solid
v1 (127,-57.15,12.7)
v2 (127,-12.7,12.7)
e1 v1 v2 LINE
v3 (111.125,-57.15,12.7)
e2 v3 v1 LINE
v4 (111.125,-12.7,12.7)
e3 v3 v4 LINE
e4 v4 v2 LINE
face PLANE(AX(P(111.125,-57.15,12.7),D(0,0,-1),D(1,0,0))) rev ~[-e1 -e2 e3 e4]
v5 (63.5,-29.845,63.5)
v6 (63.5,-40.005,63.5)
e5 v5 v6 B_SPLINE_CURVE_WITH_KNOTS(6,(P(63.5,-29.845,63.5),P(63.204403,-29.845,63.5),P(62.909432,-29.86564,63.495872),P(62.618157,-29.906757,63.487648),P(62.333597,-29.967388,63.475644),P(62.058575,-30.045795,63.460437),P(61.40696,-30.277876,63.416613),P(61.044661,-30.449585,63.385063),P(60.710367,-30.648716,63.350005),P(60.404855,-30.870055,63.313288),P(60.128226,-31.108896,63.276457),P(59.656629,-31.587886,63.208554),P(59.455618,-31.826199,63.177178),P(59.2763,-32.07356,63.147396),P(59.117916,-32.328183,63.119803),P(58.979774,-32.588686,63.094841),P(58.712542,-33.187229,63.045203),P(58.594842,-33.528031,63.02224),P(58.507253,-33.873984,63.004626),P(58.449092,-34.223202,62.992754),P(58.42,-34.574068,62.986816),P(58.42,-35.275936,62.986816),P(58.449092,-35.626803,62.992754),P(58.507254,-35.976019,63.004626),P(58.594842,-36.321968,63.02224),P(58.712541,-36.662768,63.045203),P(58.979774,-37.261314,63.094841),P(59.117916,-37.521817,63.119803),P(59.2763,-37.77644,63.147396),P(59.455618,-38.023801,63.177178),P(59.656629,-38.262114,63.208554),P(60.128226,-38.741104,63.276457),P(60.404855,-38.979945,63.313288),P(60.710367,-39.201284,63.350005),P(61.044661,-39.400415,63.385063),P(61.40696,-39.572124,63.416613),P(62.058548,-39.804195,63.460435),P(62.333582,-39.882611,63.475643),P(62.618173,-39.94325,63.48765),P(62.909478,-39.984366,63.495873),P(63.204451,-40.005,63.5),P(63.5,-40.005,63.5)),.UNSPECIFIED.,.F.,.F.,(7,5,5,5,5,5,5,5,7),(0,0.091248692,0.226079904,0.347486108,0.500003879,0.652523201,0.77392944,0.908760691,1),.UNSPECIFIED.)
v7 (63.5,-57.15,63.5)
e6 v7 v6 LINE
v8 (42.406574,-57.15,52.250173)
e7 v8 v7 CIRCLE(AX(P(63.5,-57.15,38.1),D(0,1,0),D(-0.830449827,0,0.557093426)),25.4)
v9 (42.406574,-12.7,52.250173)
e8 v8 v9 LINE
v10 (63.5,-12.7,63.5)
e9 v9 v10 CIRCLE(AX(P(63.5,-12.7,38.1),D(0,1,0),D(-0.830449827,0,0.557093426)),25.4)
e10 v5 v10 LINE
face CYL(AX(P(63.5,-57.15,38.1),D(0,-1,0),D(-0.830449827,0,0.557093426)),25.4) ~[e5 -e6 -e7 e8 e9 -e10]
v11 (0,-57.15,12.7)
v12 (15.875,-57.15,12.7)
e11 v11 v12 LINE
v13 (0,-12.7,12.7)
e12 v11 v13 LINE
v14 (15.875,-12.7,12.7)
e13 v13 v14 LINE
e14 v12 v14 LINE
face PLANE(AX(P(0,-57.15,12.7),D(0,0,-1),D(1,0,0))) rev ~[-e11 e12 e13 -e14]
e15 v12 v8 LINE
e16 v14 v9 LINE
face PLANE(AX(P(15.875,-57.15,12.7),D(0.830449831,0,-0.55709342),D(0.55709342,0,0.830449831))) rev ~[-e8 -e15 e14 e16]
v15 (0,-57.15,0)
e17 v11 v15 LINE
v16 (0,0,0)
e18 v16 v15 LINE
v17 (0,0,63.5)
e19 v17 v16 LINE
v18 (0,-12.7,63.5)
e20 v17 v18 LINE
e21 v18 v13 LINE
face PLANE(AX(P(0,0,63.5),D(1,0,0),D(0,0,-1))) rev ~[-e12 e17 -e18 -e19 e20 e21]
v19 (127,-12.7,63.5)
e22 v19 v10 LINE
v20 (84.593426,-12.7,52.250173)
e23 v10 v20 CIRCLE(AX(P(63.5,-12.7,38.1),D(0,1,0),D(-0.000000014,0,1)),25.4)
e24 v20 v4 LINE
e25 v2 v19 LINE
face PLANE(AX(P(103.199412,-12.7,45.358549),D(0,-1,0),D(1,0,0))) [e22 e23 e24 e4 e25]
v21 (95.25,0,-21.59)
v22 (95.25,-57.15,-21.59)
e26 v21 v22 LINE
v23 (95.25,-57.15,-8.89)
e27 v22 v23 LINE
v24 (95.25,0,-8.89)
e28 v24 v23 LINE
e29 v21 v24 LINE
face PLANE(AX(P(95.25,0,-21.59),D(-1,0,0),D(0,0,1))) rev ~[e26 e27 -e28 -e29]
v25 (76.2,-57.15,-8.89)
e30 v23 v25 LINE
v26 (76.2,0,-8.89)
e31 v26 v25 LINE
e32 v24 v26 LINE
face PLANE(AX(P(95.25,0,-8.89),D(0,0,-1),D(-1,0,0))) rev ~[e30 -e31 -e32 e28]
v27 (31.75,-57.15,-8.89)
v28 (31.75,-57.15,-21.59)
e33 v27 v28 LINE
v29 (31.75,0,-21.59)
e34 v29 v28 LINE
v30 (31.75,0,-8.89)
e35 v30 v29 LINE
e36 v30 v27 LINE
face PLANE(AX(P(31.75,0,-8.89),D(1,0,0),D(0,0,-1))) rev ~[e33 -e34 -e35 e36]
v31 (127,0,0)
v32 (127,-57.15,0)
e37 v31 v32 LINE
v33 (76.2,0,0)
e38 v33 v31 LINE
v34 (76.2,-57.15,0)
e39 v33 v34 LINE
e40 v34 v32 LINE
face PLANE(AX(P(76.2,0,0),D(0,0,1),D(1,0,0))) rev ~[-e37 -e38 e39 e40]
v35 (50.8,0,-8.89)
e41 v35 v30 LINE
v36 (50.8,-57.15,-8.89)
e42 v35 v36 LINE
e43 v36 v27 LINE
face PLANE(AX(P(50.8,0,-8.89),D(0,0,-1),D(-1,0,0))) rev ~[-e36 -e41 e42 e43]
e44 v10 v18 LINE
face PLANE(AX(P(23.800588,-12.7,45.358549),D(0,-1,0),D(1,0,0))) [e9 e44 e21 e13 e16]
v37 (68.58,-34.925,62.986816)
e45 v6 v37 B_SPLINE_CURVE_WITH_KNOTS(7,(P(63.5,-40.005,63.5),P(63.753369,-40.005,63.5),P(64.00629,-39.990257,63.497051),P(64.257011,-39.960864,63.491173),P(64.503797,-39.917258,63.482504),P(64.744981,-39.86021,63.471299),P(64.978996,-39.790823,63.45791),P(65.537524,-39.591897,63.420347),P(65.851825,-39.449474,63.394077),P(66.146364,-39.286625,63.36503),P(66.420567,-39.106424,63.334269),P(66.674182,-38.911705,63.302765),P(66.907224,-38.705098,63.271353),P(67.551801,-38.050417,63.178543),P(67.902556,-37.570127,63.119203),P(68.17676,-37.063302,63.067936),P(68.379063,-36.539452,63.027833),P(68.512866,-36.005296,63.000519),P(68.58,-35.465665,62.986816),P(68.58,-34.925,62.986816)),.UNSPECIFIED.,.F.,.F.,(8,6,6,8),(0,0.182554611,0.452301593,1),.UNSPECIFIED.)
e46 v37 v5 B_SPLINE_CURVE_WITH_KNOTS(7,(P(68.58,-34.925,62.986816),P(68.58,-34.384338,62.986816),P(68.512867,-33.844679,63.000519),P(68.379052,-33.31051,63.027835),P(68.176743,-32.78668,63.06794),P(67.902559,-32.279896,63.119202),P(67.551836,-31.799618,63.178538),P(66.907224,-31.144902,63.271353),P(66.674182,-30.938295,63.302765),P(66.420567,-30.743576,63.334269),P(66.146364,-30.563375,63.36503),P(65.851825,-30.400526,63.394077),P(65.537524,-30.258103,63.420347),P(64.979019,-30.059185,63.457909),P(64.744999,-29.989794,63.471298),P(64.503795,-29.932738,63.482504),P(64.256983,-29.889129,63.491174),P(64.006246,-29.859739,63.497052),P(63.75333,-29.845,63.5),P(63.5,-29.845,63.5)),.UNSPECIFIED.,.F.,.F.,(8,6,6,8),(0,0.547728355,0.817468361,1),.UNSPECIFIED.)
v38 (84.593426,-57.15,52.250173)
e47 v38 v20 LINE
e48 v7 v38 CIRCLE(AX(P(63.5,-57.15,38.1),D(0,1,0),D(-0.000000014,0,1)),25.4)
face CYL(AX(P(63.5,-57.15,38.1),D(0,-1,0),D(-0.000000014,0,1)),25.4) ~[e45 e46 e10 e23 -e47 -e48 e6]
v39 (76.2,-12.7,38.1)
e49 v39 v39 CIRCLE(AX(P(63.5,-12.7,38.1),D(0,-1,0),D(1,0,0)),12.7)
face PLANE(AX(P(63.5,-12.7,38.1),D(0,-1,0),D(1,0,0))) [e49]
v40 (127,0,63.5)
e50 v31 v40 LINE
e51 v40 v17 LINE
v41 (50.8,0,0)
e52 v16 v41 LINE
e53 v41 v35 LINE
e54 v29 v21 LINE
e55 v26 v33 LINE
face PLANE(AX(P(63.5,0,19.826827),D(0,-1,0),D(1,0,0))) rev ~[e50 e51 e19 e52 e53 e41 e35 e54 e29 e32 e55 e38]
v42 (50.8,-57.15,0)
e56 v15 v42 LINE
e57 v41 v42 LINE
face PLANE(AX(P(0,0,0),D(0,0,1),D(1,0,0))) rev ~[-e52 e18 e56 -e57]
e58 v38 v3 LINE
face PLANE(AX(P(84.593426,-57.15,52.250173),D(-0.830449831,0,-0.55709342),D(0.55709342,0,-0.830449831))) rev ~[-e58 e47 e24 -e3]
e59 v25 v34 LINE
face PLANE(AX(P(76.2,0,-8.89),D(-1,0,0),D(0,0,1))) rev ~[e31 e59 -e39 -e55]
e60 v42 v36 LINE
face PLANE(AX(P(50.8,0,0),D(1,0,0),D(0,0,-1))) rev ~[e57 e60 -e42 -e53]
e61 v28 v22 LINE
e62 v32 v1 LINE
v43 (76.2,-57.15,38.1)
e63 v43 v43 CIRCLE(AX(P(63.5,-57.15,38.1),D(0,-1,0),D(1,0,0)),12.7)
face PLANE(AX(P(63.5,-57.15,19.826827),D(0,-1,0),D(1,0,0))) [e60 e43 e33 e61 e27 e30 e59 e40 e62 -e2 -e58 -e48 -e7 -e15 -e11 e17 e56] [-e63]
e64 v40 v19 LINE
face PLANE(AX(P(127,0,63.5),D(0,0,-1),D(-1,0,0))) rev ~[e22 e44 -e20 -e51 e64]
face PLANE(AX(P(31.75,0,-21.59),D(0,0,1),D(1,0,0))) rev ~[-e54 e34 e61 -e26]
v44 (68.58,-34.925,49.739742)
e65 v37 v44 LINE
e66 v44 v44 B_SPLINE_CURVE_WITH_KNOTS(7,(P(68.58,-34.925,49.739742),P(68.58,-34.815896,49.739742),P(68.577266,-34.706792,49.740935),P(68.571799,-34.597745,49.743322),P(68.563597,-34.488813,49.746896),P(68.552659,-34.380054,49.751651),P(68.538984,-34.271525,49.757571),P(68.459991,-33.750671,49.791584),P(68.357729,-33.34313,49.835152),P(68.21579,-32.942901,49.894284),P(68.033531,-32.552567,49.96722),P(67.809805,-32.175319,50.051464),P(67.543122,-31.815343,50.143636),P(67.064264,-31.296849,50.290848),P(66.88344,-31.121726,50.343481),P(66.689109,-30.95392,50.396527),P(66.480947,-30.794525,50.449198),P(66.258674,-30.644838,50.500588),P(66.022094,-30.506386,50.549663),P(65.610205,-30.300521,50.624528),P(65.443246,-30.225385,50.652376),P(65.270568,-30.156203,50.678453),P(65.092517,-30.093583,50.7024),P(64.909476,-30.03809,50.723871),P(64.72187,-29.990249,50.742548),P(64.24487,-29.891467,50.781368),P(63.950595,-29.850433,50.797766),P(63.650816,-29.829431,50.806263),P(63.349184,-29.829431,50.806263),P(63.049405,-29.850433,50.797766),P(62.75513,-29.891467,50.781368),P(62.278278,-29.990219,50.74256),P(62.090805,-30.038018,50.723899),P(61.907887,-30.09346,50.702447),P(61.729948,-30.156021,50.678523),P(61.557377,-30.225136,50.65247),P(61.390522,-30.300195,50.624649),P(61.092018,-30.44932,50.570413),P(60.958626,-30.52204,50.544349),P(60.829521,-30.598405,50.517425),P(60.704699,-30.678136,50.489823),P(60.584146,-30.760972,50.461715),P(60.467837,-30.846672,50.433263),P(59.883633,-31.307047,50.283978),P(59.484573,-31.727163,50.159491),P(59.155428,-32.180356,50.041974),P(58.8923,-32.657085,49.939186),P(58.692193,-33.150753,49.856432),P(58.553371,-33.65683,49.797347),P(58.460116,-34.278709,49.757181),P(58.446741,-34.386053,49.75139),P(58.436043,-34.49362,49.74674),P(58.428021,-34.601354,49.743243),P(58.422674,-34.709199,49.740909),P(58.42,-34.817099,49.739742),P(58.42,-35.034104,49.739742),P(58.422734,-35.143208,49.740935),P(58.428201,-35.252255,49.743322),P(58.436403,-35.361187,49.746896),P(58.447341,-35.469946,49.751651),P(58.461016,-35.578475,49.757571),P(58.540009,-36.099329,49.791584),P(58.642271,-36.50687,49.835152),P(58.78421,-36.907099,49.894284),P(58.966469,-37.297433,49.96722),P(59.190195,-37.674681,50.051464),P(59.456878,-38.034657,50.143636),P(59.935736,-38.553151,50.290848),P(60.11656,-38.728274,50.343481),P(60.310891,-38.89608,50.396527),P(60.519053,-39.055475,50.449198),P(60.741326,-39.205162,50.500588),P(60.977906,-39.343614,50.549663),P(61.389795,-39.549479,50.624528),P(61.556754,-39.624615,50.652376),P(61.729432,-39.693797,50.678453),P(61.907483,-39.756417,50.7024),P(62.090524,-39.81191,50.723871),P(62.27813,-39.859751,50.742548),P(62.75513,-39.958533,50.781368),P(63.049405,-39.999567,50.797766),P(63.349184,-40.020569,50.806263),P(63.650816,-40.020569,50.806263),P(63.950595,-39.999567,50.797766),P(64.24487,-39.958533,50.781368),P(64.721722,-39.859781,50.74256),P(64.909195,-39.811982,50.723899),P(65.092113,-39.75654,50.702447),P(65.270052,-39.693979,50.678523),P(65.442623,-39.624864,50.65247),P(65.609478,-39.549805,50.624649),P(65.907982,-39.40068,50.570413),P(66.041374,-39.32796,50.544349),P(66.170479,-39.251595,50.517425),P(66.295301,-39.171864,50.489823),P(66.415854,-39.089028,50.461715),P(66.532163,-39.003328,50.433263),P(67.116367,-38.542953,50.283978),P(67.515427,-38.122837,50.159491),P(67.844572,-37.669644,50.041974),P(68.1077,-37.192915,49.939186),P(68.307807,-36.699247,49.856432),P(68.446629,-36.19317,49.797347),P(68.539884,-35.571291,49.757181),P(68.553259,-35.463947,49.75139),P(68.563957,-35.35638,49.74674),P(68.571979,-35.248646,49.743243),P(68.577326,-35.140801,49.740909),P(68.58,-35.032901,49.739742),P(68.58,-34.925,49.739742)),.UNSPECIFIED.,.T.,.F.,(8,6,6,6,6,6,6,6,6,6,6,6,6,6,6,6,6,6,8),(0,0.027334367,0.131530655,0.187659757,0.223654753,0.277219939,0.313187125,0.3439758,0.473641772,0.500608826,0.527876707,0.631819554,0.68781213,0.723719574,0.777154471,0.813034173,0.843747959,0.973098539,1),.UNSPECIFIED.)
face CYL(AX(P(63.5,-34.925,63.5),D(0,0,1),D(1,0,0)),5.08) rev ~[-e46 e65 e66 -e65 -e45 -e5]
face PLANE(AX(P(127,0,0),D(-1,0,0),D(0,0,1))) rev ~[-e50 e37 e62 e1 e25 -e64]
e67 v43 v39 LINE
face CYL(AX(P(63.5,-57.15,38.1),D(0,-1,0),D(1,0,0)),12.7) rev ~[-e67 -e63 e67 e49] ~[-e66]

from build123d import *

# Parameters (mm, degrees)
F1_DEPTH = 57.15
F2_R     = 12.7
F3_DEPTH = 44.45
F4_DEPTH = 44.45
F5_R     = 5.08
F6_DEPTH = 25.4


with BuildPart() as f1:
    # F0 (on Front) → F1 (new body)
    with BuildSketch(Plane.XZ):
        Polygon((0, 63.5), (0, 0), (50.8, 0), (50.8, -8.89), (31.75, -8.89), (31.75, -21.59), (95.25, -21.59), (95.25, -8.89), (76.2, -8.89), (76.2, 0), (127, 0), (127, 63.5), align=None)
    extrude(amount=F1_DEPTH)

    # F2 (on face) → F3 (cut)
    with BuildSketch(Plane.XZ.offset(57.15)):
        with Locations((63.5, 38.1)):
            Circle(F2_R)
    extrude(amount=-F3_DEPTH, mode=Mode.SUBTRACT)

    # F2 (on face) → F4 (cut)
    with BuildSketch(Plane.XZ.offset(57.15)):
        with BuildLine():
            Line((0, 63.5), (0, 12.7))
            Line((0, 12.7), (15.875, 12.7))
            Line((15.875, 12.7), (42.406574, 52.250173))
            ThreePointArc((42.406574, 52.250173), (51.547059, 60.511765), (63.5, 63.5))
            Line((63.5, 63.5), (0, 63.5))
        make_face()
        with BuildLine():
            Line((127, 63.5), (63.5, 63.5))
            ThreePointArc((63.5, 63.5), (75.452941, 60.511765), (84.593426, 52.250173))
            Line((84.593426, 52.250173), (111.125, 12.7))
            Line((111.125, 12.7), (127, 12.7))
            Line((127, 12.7), (127, 63.5))
        make_face()
    extrude(amount=-F4_DEPTH, mode=Mode.SUBTRACT)

    # F5 (on face) → F6 (cut)
    with BuildSketch(Plane.XY.offset(63.5)):
        with Locations((63.5, -34.925)):
            Circle(F5_R)
    extrude(amount=-F6_DEPTH, mode=Mode.SUBTRACT)


solid = f1.part
